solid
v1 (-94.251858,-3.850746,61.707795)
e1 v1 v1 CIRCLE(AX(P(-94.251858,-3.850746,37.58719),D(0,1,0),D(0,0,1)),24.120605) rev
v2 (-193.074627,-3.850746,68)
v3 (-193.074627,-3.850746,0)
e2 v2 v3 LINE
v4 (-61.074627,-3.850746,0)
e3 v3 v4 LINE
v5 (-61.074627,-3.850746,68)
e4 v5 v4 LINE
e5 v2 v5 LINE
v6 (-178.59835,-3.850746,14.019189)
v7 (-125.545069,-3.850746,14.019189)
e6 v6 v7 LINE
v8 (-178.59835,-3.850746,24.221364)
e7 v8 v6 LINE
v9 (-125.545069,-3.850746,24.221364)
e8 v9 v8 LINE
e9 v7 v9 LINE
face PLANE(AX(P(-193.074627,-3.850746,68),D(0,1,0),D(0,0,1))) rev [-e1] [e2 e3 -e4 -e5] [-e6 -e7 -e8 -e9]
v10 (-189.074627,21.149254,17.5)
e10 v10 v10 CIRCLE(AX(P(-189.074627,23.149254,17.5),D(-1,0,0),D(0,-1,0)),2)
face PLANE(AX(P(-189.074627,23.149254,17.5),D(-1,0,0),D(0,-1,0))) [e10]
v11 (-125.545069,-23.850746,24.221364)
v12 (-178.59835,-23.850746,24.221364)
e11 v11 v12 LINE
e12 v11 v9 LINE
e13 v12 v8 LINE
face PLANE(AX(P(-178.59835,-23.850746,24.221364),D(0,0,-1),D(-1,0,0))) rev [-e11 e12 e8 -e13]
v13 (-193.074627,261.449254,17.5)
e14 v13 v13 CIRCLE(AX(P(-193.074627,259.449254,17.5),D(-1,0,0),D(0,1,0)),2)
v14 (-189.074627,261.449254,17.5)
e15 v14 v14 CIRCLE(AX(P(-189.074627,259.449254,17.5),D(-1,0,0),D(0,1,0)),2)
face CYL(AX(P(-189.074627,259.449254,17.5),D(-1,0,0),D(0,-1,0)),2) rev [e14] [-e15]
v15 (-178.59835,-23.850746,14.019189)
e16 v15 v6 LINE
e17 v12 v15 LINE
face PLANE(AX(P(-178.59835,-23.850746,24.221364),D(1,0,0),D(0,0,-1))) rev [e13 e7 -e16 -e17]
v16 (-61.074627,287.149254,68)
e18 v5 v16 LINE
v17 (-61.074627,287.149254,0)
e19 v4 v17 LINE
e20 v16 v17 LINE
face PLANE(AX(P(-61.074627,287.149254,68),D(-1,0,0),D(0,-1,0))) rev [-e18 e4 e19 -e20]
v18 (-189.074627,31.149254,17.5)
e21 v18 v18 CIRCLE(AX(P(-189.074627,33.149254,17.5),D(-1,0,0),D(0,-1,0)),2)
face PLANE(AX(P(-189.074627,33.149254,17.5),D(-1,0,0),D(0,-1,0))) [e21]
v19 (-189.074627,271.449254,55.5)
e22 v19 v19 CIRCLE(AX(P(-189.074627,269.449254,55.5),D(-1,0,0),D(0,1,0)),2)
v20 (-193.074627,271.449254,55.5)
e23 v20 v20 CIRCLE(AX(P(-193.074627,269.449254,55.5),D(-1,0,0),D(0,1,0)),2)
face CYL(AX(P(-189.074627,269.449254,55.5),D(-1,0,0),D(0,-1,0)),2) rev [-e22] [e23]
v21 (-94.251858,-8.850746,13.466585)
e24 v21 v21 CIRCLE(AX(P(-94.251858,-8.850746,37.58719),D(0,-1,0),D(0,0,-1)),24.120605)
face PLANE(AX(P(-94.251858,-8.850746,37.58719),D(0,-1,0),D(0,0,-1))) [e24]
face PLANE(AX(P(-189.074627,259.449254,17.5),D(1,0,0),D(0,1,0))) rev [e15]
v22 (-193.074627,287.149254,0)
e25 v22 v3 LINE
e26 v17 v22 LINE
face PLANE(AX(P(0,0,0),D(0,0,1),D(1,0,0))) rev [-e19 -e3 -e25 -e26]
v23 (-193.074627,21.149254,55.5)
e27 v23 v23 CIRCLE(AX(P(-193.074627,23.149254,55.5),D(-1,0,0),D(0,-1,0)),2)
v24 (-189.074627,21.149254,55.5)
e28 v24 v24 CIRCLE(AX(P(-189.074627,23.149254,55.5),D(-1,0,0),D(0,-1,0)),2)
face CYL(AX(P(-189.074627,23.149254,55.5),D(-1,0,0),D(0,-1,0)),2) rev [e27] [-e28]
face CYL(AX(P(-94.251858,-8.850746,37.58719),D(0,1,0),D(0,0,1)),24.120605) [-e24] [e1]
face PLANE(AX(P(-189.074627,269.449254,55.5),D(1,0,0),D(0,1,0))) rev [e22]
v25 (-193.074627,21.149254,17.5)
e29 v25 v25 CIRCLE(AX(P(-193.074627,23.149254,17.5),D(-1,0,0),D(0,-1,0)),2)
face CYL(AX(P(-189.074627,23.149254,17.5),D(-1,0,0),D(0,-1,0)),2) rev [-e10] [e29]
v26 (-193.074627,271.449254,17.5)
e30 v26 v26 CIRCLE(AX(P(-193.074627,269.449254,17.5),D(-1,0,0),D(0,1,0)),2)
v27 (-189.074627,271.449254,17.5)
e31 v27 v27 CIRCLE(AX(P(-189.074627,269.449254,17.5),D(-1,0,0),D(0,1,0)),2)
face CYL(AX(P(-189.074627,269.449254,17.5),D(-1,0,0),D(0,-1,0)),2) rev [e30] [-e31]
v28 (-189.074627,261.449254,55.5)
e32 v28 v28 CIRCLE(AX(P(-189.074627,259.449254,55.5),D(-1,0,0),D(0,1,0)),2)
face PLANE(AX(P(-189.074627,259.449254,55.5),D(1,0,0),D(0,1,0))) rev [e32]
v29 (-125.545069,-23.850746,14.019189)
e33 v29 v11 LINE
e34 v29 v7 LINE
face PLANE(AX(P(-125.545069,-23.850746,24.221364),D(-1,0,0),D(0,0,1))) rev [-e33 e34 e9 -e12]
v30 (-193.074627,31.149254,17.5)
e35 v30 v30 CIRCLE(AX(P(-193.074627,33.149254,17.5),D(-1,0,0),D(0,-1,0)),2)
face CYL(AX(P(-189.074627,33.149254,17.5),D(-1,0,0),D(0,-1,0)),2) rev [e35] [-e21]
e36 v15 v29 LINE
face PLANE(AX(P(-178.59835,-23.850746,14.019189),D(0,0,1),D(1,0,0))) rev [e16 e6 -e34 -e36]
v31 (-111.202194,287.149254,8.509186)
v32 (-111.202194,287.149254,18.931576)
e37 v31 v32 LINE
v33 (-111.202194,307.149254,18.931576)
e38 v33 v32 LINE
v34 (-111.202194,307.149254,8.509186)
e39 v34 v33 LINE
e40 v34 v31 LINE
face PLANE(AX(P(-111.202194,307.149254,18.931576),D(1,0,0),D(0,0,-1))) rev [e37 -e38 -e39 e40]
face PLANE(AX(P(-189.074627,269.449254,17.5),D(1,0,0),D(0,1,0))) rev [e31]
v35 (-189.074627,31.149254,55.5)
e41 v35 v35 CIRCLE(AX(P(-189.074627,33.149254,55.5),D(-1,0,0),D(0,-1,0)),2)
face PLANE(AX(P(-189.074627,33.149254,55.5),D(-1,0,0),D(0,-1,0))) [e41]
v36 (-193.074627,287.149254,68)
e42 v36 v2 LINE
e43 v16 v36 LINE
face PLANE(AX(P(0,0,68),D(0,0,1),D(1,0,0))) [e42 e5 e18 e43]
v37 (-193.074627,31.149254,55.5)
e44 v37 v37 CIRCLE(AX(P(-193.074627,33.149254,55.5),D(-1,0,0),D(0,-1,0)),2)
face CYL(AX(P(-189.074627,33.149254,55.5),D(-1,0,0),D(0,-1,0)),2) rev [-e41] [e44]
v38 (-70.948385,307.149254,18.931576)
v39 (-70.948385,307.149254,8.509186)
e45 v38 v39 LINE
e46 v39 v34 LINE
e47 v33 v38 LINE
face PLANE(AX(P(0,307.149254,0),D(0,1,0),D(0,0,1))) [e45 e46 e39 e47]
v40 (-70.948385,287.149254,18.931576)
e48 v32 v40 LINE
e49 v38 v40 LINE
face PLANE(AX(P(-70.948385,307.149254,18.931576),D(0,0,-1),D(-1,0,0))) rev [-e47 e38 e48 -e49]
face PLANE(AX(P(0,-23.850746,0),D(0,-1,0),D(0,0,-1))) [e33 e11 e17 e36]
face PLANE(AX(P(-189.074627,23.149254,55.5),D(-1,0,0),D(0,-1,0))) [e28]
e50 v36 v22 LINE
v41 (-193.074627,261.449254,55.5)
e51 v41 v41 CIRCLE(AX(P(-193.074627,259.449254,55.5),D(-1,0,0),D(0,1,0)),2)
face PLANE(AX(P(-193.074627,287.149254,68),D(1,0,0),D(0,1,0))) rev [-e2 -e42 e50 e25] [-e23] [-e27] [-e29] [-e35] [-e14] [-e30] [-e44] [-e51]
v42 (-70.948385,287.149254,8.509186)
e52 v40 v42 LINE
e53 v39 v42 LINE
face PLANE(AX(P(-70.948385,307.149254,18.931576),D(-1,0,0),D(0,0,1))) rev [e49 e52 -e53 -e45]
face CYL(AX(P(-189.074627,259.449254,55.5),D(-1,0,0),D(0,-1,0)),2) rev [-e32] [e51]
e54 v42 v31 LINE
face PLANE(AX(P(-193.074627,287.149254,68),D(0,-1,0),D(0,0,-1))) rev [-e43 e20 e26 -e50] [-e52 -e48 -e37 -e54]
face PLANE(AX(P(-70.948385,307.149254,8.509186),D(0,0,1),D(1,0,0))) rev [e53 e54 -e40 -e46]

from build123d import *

# Parameters (mm, degrees)
SKETCH_1_W          = 132
SKETCH_1_H          = 291
EXTRUDE_1_DEPTH     = 68
SKETCH_2_R          = 2
CUT_EXTRUDE_1_DEPTH = 4
SKETCH_3_W          = 53.053280534
SKETCH_3_H          = 10.202175613
EXTRUDE_2_DEPTH     = 20
SKETCH_4_R          = 24.120605075
EXTRUDE_3_DEPTH     = 5
SKETCH_5_W          = 40.253809201
SKETCH_5_H          = 10.422389964
EXTRUDE_4_DEPTH     = 20


with BuildPart() as part:
    # 草图1 → 凸台-拉伸1 (new body)
    with BuildSketch(Plane.XY):
        with Locations((-127.074626866, 141.649253731)):
            Rectangle(SKETCH_1_W, SKETCH_1_H)
    extrude(amount=EXTRUDE_1_DEPTH)

    # 草图2 → 切除-拉伸1 (cut)
    with BuildSketch(Plane.ZY.offset(193.074626866)):
        with Locations(Location((17.5, 23.149253731, 0), (0, 0, 270))):
            Circle(SKETCH_2_R)
        with Locations(Location((55.5, 23.149253731, 0), (0, 0, 270))):
            Circle(SKETCH_2_R)
        with Locations(Location((55.5, 33.149253731, 0), (0, 0, 270))):
            Circle(SKETCH_2_R)
        with Locations(Location((17.5, 33.149253731, 0), (0, 0, 270))):
            Circle(SKETCH_2_R)
        with Locations(Location((17.5, 269.449253731, 0), (0, 0, 90))):
            Circle(SKETCH_2_R)
        with Locations(Location((17.5, 259.449253731, 0), (0, 0, 90))):
            Circle(SKETCH_2_R)
        with Locations(Location((55.5, 259.449253731, 0), (0, 0, 90))):
            Circle(SKETCH_2_R)
        with Locations(Location((55.5, 269.449253731, 0), (0, 0, 90))):
            Circle(SKETCH_2_R)
    extrude(amount=-CUT_EXTRUDE_1_DEPTH, mode=Mode.SUBTRACT)

    # 草图3 → 凸台-拉伸2 (add)
    with BuildSketch(Plane.XZ.offset(3.850746269)):
        with Locations((-152.07170966, 19.120276631)):
            Rectangle(SKETCH_3_W, SKETCH_3_H)
    extrude(amount=EXTRUDE_2_DEPTH)

    # 草图4 → 凸台-拉伸3 (add)
    with BuildSketch(Plane.XZ.offset(3.850746269)):
        with Locations(Location((-94.251857707, 37.587190062, 0), (0, 0, 90))):
            Circle(SKETCH_4_R)
    extrude(amount=EXTRUDE_3_DEPTH)

    # 草图5 → 凸台-拉伸4 (add)
    with BuildSketch(Plane(origin=(0, 287.149253731, 0), x_dir=(1, 0, 0), z_dir=(0, 1, 0))):
        with Locations((-91.075289647, -13.720381028)):
            Rectangle(SKETCH_5_W, SKETCH_5_H)
    extrude(amount=EXTRUDE_4_DEPTH)


solid = part.part
